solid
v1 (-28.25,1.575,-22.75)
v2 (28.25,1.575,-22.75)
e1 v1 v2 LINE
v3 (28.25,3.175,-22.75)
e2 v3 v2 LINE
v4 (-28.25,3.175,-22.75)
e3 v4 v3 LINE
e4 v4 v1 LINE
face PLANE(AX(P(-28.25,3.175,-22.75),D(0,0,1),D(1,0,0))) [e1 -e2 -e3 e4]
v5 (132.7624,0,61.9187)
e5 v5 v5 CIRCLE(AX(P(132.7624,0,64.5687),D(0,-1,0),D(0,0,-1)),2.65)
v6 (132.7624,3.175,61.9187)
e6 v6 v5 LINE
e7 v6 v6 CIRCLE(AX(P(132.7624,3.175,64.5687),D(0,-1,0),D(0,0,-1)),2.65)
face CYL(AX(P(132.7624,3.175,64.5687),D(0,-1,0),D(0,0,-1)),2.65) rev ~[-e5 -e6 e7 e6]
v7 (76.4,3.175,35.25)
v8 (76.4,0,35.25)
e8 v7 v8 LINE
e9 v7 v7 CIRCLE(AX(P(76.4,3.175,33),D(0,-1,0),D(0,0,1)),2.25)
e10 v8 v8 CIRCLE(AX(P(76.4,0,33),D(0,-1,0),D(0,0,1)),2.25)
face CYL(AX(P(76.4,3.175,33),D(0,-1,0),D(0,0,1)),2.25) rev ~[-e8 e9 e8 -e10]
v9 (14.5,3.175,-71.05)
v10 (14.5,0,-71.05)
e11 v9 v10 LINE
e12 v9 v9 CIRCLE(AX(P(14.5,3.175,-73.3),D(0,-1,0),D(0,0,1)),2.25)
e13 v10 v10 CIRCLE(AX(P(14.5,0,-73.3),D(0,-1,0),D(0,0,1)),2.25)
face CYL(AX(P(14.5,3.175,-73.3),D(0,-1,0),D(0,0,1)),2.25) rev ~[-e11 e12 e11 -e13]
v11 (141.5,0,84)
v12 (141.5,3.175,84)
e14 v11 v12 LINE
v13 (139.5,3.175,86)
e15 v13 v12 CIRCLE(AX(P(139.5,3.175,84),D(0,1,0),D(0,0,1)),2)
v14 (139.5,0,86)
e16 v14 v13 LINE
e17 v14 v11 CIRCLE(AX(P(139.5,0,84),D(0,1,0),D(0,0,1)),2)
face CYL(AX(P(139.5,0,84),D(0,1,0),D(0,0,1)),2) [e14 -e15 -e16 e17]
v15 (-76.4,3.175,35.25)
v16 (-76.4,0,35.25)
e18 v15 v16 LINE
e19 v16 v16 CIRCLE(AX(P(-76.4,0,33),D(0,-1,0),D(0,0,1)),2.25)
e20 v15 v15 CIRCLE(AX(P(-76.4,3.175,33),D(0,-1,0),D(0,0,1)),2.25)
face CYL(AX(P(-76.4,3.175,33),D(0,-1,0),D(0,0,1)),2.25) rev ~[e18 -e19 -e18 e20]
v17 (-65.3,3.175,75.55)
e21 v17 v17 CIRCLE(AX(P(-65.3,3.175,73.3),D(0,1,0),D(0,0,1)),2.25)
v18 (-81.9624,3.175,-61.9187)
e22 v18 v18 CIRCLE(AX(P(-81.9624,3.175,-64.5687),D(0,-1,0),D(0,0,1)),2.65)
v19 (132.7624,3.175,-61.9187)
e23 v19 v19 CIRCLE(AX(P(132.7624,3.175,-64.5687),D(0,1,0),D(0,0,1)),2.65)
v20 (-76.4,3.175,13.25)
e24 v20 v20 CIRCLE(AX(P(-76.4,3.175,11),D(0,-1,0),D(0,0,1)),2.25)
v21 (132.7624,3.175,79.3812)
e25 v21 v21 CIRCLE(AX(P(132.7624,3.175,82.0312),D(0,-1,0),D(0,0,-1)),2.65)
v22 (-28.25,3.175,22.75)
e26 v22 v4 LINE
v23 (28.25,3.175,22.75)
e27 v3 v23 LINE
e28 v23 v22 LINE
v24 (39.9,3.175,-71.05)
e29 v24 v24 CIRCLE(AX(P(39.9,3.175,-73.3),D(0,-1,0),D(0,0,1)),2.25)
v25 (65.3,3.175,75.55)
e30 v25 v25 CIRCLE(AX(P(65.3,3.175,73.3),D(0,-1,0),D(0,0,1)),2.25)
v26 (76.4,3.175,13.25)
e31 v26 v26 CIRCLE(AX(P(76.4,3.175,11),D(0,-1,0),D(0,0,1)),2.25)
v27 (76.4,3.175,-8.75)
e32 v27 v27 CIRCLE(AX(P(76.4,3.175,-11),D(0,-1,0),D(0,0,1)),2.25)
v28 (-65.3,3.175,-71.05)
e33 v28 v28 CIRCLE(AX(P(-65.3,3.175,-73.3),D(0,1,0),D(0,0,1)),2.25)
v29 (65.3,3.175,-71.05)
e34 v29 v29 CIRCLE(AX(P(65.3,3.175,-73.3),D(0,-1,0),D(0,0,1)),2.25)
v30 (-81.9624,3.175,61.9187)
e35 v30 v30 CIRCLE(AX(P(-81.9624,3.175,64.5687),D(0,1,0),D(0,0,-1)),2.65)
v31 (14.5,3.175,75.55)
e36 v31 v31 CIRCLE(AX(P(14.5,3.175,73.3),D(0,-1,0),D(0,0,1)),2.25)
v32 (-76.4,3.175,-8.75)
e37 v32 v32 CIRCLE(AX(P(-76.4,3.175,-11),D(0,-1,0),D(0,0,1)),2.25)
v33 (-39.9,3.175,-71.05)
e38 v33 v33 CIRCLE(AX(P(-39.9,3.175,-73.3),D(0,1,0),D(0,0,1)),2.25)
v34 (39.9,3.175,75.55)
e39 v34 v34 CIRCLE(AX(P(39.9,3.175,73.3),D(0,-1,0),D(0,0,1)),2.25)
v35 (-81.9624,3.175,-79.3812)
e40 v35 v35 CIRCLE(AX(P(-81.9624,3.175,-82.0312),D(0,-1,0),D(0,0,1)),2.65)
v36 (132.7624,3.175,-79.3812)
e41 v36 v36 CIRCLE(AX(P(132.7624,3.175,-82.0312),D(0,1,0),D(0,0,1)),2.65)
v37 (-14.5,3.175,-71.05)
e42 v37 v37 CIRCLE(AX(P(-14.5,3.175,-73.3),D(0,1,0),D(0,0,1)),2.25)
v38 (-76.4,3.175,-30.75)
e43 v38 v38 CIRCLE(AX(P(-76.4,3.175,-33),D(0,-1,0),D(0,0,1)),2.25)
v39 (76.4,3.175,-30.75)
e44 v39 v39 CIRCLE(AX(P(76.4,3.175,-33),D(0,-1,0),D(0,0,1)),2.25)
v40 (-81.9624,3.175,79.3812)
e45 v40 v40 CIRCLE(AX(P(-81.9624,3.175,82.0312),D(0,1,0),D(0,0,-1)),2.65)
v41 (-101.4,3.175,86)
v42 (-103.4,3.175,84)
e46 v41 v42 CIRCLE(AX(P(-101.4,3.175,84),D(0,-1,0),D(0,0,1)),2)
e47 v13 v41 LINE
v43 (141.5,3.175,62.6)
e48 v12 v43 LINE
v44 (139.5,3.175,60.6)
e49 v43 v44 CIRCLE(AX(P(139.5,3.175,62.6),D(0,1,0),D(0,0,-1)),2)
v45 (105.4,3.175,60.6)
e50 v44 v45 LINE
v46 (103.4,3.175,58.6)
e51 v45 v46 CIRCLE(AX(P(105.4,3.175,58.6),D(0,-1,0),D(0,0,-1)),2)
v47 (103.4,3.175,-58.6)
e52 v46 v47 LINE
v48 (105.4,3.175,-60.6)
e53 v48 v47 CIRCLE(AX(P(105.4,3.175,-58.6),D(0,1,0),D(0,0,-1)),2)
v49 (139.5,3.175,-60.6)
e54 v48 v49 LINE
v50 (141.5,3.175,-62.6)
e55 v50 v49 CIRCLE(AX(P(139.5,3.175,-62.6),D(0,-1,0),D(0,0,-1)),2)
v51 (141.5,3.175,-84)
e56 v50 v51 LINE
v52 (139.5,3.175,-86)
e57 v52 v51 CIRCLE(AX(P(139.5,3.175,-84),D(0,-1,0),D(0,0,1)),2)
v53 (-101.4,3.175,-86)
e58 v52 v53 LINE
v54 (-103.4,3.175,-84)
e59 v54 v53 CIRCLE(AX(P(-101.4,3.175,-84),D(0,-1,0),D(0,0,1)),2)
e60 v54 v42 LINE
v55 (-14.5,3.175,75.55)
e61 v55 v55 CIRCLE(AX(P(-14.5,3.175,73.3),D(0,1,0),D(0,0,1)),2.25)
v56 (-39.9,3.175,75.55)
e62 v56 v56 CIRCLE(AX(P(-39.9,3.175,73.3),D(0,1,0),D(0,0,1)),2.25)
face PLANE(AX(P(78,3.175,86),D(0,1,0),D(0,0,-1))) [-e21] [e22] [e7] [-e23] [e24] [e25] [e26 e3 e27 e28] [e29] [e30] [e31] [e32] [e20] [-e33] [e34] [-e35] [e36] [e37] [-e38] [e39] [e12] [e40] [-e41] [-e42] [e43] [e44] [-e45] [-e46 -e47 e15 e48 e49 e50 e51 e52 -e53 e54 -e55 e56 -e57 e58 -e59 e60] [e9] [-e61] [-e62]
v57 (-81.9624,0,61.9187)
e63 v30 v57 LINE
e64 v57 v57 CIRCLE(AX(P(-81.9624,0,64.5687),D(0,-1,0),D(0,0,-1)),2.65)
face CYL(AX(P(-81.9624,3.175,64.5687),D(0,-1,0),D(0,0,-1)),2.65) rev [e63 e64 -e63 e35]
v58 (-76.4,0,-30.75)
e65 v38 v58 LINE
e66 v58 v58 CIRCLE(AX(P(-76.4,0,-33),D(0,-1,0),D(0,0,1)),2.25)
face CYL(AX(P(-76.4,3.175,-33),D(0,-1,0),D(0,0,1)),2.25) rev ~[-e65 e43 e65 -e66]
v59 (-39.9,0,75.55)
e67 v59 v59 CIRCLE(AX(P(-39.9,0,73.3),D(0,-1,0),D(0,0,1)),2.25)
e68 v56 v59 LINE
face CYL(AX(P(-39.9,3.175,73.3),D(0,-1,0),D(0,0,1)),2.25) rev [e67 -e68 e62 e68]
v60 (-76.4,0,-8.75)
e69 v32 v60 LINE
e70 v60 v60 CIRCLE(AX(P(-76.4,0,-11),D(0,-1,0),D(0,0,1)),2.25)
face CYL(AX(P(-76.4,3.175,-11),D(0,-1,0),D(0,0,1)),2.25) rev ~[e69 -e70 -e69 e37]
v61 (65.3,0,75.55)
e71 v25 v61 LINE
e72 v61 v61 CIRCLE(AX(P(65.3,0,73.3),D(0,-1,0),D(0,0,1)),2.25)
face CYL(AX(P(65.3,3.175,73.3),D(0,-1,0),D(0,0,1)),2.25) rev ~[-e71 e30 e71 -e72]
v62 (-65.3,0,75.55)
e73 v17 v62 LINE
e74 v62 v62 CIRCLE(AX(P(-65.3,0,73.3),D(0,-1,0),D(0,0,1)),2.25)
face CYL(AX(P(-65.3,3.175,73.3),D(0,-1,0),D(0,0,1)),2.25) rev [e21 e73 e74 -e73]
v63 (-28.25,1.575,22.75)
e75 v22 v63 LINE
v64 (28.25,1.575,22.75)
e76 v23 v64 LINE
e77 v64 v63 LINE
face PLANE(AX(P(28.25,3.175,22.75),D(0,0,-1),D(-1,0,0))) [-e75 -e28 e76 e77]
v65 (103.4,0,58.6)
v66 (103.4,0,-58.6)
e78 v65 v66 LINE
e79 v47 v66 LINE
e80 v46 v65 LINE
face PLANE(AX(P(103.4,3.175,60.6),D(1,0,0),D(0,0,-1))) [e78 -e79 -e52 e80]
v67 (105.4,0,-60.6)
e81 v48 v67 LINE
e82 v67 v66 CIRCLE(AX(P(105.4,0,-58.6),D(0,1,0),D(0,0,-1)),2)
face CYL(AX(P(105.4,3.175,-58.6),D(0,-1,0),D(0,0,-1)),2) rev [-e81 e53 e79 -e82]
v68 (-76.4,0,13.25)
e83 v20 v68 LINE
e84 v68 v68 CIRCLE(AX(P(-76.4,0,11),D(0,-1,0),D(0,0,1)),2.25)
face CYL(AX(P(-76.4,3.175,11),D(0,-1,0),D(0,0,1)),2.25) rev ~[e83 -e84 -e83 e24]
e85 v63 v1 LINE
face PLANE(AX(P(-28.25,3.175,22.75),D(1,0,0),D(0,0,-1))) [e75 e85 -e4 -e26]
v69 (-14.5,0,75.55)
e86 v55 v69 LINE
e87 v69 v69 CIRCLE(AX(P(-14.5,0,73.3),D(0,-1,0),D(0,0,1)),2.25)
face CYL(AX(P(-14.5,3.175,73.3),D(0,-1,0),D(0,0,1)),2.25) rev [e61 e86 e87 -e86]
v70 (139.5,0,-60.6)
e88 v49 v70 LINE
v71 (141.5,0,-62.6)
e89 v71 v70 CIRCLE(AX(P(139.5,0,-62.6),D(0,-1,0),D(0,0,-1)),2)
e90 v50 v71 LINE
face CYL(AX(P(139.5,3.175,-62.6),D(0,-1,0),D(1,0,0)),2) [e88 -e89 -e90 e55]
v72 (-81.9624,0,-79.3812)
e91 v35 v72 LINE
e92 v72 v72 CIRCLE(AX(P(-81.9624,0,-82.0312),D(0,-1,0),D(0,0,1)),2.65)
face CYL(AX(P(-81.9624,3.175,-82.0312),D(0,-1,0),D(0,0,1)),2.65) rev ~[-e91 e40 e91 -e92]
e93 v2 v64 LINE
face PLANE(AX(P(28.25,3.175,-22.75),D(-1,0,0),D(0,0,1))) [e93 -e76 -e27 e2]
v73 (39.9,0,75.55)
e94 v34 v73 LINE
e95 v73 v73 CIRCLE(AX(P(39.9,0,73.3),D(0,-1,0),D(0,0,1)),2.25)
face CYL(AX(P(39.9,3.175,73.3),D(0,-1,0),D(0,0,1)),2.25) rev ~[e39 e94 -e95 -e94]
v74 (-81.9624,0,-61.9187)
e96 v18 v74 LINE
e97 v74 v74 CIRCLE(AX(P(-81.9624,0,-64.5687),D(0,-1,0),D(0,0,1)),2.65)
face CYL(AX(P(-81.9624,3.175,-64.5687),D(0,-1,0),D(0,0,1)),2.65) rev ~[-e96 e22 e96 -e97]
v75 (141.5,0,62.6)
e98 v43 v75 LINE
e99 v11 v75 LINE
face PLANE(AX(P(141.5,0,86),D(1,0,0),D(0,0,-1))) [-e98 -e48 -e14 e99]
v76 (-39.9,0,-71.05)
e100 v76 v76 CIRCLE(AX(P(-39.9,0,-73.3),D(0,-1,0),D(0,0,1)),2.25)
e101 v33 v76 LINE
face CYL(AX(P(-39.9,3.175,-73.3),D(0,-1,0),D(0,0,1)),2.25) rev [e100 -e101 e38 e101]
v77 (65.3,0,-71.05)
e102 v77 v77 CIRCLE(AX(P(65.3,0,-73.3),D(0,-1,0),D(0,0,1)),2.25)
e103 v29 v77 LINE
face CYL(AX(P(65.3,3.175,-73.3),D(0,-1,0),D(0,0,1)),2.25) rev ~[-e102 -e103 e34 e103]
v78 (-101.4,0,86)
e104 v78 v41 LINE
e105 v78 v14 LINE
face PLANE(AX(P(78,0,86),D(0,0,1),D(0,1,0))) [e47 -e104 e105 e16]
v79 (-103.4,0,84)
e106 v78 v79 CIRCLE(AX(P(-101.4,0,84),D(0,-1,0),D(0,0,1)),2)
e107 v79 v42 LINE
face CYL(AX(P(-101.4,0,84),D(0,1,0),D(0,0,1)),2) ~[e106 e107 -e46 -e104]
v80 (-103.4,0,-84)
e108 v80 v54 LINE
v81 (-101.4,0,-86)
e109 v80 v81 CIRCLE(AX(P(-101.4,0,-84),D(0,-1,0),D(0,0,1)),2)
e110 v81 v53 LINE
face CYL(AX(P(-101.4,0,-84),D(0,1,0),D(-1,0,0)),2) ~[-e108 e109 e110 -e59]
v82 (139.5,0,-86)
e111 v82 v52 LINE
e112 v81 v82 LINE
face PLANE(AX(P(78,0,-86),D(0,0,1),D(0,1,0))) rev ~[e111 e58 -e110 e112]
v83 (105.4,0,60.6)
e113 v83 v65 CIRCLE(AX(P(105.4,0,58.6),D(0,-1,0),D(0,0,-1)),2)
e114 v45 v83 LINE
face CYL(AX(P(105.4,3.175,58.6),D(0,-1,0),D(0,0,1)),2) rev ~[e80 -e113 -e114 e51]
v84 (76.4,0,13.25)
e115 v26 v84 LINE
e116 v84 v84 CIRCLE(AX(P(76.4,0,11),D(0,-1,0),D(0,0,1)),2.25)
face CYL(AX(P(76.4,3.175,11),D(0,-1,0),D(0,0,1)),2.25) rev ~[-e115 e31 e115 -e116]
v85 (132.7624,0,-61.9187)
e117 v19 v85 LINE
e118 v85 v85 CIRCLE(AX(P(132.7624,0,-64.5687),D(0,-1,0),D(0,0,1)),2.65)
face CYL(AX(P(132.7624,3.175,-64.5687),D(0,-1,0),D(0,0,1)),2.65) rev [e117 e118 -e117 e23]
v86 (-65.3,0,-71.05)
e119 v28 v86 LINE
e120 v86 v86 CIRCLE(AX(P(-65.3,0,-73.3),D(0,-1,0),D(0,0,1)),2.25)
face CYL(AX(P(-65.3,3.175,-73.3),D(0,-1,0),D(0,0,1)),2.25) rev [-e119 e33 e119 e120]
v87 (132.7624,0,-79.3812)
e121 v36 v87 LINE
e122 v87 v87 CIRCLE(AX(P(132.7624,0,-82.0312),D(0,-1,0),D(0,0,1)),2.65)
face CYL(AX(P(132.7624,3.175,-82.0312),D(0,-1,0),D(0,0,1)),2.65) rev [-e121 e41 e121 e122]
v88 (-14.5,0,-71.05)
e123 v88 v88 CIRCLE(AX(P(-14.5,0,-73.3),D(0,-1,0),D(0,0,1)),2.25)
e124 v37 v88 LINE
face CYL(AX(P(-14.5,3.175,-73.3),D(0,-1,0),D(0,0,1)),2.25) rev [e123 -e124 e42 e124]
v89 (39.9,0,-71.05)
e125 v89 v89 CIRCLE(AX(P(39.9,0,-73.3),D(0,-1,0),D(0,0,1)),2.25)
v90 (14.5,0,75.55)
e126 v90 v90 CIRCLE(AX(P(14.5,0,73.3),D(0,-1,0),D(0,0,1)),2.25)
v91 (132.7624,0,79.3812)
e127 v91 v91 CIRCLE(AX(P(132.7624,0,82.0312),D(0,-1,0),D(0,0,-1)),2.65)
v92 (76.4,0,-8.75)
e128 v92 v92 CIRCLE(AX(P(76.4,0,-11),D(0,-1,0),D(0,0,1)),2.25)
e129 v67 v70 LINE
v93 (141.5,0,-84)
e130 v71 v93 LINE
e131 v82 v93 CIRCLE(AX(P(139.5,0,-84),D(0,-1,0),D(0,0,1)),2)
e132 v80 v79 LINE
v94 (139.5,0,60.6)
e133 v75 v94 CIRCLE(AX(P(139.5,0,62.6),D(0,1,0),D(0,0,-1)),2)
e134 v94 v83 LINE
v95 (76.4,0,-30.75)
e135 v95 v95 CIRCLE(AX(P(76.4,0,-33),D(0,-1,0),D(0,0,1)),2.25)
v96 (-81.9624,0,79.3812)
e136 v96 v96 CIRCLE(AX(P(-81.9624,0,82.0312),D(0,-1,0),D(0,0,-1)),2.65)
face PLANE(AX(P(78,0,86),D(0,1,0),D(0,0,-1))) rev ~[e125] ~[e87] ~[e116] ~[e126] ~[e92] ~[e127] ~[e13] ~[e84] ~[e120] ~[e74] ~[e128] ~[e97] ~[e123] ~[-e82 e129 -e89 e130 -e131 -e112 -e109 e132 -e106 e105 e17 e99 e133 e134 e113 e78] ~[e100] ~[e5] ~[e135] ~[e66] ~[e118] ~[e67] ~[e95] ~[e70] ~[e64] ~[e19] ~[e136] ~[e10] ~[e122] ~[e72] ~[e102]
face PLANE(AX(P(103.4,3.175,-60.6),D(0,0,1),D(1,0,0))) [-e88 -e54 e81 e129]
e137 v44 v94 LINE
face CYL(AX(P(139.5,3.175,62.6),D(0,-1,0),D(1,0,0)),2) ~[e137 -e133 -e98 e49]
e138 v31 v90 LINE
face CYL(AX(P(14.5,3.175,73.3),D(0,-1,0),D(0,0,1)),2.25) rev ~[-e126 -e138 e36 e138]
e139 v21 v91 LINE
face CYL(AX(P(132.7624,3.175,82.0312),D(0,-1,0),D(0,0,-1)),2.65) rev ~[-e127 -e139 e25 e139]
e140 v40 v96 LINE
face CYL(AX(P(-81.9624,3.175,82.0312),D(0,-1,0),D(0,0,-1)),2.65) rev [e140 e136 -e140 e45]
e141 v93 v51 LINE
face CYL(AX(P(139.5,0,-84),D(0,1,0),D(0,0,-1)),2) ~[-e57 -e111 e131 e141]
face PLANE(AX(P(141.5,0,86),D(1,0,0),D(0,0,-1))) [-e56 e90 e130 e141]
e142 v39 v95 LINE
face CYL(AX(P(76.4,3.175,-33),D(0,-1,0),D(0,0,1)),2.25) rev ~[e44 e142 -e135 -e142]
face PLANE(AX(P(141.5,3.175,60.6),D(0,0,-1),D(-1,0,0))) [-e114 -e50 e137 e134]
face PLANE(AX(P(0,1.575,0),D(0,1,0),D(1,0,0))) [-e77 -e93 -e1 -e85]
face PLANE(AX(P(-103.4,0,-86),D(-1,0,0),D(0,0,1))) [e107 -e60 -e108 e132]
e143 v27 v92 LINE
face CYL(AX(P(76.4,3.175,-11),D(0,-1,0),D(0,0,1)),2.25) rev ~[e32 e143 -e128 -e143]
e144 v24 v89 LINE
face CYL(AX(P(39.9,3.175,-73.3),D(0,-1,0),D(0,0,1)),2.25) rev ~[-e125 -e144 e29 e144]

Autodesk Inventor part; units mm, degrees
ref_plane "XZ Plane" through (0, 0, 0) normal (0, 1, 0) x (-1, 0, 0)
ref_plane "XY Plane" through (0, 0, 0) normal (0, 0, 1) x (1, 0, 0)
sketch "Sketch1" plane through (0, 0, 0) normal (0, 1, 0) x (-1, 0, 0)
  line L0 (-78, -86) -> (78, -86)
  line L1 (78, -86) -> (78, 86)
  line L2 (78, 86) -> (-78, 86)
  line L3 (-78, 86) -> (-78, -86)
  line L4 (-78, -86) -> (78, 86) construction
  line L5 (78, -86) -> (-78, 86) construction
  point P0 (0, 0)
  dimension "d0" = 156
  dimension "d1" = 172
extrude "Extrusion1" add sketch "Sketch1" along normal blind 3.175
sketch "Sketch2" plane through (0, 3.175, 0) normal (0, 1, 0) x (1, 0, 0)
  line L0 (65.3, 73.3) -> (14.5, 73.3)
  line L1 (14.5, 73.3) -> (14.5, -73.3)
  line L2 (14.5, -73.3) -> (65.3, -73.3)
  line L3 (65.3, -73.3) -> (65.3, 73.3)
  line L4 (78, 86) -> (-78, 86) projected
  line L5 (78, -86) -> (78, 86) projected
  point P0 (0, 0)
  point P1 (65.3, 0)
  point P2 (39.9, 73.3)
  point P3 (39.9, -73.3)
  dimension "d4" = 50.8
  dimension "d5" = 12.7
  dimension "d45" = 38.1
hole "Hole1" at (39.9, 3.175, -73.3) at (39.9, 3.175, 73.3) at (65.3, 3.175, -73.3) at (14.5, 3.175, -73.3) at (14.5, 3.175, 73.3) at (65.3, 3.175, 73.3) direction (0, -1, 0) diameter 4.5 end through all clearance for "Flat Head Machine Screw" size "M4" standard "Ansi Metric M Profile"
mirror "Mirror1" about plane through (0, 0, 0) normal (1, 0, 0) of "Hole1"
sketch "Sketch3" plane through (-78, 0, -86) normal (-1, 0, 0) x (0, 0, 1)
  line L0 (0, 0) -> (172, 0) projected
  line L1 (172, 0) -> (172, 3.175) projected
  line L2 (0, 3.175) -> (172, 3.175) projected
  line L3 (0, 0) -> (0, 3.175) projected
  point P0 (86, 0)
extrude "Extrusion2" add sketch "Sketch3" along normal blind 25.4
sketch "Sketch6" plane through (78, 0, 86) normal (1, 0, 0) x (0, 0, -1)
  line L0 (0, 0) -> (172, 0) projected
  line L1 (172, 0) -> (172, 3.175) projected
  line L2 (0, 3.175) -> (172, 3.175) projected
  line L3 (0, 0) -> (0, 3.175) projected
  point P0 (86, 0)
extrude "Extrusion3" add sketch "Sketch6" along normal blind 63.5
sketch "Sketch4" plane through (0, 3.175, 0) normal (0, 1, 0) x (1, 0, 0)
  line L0 (-81.9624, 82.0312) -> (-81.9624, 64.5687)
  circle A0 centre (-65.3, 73.3) radius 2.25 projected
  line L1 (-103.4, -86) -> (-103.4, 86) projected
  point P0 (0, 0)
  point P1 (-81.9624, 73.3)
  dimension "d16" = 17.4625
  dimension "d17" = 21.4376
hole "Hole2" at (-81.9624, 3.175, -64.5687) at (-81.9624, 3.175, -82.0312) direction (0, -1, 0) diameter 5.3 end through all clearance for "Flat Head Machine Screw" size "M5" standard "Ansi Metric M Profile"
ref_plane "Work Plane2" through (25.4, 0, 0) normal (1, 0, 0) x (0, 1, 0)
mirror "Mirror3" about plane through (0, 0, 0) normal (0, 0, 1) of "Hole2"
mirror "Mirror4" about plane through (25.4, 0, 0) normal (1, 0, 0) of "Hole2", "Mirror3"
sketch "Sketch5" plane through (0, 3.175, 0) normal (0, 1, 0) x (1, 0, 0)
  line L0 (-76.4, 33) -> (76.4, 33)
  line L1 (76.4, 33) -> (76.4, -33)
  line L2 (76.4, -33) -> (-76.4, -33)
  line L3 (-76.4, -33) -> (-76.4, 33)
  line L4 (-76.4, 33) -> (76.4, -33) construction
  line L5 (76.4, 33) -> (-76.4, -33) construction
  line L6 (-103.4, -86) -> (-103.4, 86) projected
  line L7 (76.4, 11) -> (-76.4, 11)
  line L8 (-76.4, 11) -> (-76.4, -11)
  line L9 (-76.4, -11) -> (76.4, -11)
  line L10 (76.4, -11) -> (76.4, 11)
  line L11 (76.4, 11) -> (-76.4, -11) construction
  line L12 (-76.4, 11) -> (76.4, -11) construction
  point P0 (0, 0)
  point P1 (-103.4, -84)
  point P2 (-103.4, 84)
  dimension "d26" = 66
  dimension "d35" = 27
  dimension "d36" = 22
hole "Hole3" at (76.4, 3.175, -33) at (76.4, 3.175, 33) at (-76.4, 3.175, -33) at (-76.4, 3.175, 33) at (-76.4, 3.175, 11) at (-76.4, 3.175, -11) at (76.4, 3.175, 11) at (76.4, 3.175, -11) direction (0, -1, 0) diameter 4.5 end through all clearance for "Flat Head Machine Screw" size "M4" standard "Ansi Metric M Profile"
sketch "Sketch7" plane through (0, 3.175, 0) normal (0, 1, 0) x (1, 0, 0)
  line L0 (141.5, 86) -> (141.5, -86) projected
  line L1 (103.4, 60.6) -> (141.5, 60.6)
  line L2 (141.5, 60.6) -> (141.5, -60.6)
  line L3 (141.5, -60.6) -> (103.4, -60.6)
  line L4 (103.4, -60.6) -> (103.4, 60.6)
  line L5 (103.4, 60.6) -> (141.5, -60.6) construction
  line L6 (141.5, 60.6) -> (103.4, -60.6) construction
  point P0 (0, 0)
  point P1 (141.5, 84)
  point P2 (141.5, -84)
  point P3 (122.45, 0)
  point P4 (122.45, 0)
  dimension "d40" = 121.2
  dimension "d41" = 38.1
extrude "Extrusion4" cut sketch "Sketch7" against normal through all
fillet "Fillet2" radius 2 8 edges at (141.5, 1.5875, 60.6) (141.5, 1.5875, -60.6) (141.5, 1.5875, -86) (103.4, 1.5875, -60.6) (103.4, 1.5875, 60.6) (141.5, 1.5875, 86) (-103.4, 1.5875, 86) (-103.4, 1.5875, -86)
sketch "Sketch8" plane through (0, 3.175, 0) normal (0, 1, 0) x (1, 0, 0)
  line L0 (28.25, -22.75) -> (-28.25, -22.75)
  line L1 (-28.25, -22.75) -> (-28.25, 22.75)
  line L2 (-28.25, 22.75) -> (28.25, 22.75)
  line L3 (28.25, 22.75) -> (28.25, -22.75)
  line L4 (28.25, -22.75) -> (-28.25, 22.75) construction
  line L5 (-28.25, -22.75) -> (28.25, 22.75) construction
  point P0 (0, 0)
  dimension "d46" = 56.5
  dimension "d47" = 45.5
extrude "Extrusion5" cut sketch "Sketch8" against normal blind 1.6
ref_plane "Work Plane1" through (0, 0, 0) normal (1, 0, 0) x (0, 1, 0)
properties part number "Battery_Base"
